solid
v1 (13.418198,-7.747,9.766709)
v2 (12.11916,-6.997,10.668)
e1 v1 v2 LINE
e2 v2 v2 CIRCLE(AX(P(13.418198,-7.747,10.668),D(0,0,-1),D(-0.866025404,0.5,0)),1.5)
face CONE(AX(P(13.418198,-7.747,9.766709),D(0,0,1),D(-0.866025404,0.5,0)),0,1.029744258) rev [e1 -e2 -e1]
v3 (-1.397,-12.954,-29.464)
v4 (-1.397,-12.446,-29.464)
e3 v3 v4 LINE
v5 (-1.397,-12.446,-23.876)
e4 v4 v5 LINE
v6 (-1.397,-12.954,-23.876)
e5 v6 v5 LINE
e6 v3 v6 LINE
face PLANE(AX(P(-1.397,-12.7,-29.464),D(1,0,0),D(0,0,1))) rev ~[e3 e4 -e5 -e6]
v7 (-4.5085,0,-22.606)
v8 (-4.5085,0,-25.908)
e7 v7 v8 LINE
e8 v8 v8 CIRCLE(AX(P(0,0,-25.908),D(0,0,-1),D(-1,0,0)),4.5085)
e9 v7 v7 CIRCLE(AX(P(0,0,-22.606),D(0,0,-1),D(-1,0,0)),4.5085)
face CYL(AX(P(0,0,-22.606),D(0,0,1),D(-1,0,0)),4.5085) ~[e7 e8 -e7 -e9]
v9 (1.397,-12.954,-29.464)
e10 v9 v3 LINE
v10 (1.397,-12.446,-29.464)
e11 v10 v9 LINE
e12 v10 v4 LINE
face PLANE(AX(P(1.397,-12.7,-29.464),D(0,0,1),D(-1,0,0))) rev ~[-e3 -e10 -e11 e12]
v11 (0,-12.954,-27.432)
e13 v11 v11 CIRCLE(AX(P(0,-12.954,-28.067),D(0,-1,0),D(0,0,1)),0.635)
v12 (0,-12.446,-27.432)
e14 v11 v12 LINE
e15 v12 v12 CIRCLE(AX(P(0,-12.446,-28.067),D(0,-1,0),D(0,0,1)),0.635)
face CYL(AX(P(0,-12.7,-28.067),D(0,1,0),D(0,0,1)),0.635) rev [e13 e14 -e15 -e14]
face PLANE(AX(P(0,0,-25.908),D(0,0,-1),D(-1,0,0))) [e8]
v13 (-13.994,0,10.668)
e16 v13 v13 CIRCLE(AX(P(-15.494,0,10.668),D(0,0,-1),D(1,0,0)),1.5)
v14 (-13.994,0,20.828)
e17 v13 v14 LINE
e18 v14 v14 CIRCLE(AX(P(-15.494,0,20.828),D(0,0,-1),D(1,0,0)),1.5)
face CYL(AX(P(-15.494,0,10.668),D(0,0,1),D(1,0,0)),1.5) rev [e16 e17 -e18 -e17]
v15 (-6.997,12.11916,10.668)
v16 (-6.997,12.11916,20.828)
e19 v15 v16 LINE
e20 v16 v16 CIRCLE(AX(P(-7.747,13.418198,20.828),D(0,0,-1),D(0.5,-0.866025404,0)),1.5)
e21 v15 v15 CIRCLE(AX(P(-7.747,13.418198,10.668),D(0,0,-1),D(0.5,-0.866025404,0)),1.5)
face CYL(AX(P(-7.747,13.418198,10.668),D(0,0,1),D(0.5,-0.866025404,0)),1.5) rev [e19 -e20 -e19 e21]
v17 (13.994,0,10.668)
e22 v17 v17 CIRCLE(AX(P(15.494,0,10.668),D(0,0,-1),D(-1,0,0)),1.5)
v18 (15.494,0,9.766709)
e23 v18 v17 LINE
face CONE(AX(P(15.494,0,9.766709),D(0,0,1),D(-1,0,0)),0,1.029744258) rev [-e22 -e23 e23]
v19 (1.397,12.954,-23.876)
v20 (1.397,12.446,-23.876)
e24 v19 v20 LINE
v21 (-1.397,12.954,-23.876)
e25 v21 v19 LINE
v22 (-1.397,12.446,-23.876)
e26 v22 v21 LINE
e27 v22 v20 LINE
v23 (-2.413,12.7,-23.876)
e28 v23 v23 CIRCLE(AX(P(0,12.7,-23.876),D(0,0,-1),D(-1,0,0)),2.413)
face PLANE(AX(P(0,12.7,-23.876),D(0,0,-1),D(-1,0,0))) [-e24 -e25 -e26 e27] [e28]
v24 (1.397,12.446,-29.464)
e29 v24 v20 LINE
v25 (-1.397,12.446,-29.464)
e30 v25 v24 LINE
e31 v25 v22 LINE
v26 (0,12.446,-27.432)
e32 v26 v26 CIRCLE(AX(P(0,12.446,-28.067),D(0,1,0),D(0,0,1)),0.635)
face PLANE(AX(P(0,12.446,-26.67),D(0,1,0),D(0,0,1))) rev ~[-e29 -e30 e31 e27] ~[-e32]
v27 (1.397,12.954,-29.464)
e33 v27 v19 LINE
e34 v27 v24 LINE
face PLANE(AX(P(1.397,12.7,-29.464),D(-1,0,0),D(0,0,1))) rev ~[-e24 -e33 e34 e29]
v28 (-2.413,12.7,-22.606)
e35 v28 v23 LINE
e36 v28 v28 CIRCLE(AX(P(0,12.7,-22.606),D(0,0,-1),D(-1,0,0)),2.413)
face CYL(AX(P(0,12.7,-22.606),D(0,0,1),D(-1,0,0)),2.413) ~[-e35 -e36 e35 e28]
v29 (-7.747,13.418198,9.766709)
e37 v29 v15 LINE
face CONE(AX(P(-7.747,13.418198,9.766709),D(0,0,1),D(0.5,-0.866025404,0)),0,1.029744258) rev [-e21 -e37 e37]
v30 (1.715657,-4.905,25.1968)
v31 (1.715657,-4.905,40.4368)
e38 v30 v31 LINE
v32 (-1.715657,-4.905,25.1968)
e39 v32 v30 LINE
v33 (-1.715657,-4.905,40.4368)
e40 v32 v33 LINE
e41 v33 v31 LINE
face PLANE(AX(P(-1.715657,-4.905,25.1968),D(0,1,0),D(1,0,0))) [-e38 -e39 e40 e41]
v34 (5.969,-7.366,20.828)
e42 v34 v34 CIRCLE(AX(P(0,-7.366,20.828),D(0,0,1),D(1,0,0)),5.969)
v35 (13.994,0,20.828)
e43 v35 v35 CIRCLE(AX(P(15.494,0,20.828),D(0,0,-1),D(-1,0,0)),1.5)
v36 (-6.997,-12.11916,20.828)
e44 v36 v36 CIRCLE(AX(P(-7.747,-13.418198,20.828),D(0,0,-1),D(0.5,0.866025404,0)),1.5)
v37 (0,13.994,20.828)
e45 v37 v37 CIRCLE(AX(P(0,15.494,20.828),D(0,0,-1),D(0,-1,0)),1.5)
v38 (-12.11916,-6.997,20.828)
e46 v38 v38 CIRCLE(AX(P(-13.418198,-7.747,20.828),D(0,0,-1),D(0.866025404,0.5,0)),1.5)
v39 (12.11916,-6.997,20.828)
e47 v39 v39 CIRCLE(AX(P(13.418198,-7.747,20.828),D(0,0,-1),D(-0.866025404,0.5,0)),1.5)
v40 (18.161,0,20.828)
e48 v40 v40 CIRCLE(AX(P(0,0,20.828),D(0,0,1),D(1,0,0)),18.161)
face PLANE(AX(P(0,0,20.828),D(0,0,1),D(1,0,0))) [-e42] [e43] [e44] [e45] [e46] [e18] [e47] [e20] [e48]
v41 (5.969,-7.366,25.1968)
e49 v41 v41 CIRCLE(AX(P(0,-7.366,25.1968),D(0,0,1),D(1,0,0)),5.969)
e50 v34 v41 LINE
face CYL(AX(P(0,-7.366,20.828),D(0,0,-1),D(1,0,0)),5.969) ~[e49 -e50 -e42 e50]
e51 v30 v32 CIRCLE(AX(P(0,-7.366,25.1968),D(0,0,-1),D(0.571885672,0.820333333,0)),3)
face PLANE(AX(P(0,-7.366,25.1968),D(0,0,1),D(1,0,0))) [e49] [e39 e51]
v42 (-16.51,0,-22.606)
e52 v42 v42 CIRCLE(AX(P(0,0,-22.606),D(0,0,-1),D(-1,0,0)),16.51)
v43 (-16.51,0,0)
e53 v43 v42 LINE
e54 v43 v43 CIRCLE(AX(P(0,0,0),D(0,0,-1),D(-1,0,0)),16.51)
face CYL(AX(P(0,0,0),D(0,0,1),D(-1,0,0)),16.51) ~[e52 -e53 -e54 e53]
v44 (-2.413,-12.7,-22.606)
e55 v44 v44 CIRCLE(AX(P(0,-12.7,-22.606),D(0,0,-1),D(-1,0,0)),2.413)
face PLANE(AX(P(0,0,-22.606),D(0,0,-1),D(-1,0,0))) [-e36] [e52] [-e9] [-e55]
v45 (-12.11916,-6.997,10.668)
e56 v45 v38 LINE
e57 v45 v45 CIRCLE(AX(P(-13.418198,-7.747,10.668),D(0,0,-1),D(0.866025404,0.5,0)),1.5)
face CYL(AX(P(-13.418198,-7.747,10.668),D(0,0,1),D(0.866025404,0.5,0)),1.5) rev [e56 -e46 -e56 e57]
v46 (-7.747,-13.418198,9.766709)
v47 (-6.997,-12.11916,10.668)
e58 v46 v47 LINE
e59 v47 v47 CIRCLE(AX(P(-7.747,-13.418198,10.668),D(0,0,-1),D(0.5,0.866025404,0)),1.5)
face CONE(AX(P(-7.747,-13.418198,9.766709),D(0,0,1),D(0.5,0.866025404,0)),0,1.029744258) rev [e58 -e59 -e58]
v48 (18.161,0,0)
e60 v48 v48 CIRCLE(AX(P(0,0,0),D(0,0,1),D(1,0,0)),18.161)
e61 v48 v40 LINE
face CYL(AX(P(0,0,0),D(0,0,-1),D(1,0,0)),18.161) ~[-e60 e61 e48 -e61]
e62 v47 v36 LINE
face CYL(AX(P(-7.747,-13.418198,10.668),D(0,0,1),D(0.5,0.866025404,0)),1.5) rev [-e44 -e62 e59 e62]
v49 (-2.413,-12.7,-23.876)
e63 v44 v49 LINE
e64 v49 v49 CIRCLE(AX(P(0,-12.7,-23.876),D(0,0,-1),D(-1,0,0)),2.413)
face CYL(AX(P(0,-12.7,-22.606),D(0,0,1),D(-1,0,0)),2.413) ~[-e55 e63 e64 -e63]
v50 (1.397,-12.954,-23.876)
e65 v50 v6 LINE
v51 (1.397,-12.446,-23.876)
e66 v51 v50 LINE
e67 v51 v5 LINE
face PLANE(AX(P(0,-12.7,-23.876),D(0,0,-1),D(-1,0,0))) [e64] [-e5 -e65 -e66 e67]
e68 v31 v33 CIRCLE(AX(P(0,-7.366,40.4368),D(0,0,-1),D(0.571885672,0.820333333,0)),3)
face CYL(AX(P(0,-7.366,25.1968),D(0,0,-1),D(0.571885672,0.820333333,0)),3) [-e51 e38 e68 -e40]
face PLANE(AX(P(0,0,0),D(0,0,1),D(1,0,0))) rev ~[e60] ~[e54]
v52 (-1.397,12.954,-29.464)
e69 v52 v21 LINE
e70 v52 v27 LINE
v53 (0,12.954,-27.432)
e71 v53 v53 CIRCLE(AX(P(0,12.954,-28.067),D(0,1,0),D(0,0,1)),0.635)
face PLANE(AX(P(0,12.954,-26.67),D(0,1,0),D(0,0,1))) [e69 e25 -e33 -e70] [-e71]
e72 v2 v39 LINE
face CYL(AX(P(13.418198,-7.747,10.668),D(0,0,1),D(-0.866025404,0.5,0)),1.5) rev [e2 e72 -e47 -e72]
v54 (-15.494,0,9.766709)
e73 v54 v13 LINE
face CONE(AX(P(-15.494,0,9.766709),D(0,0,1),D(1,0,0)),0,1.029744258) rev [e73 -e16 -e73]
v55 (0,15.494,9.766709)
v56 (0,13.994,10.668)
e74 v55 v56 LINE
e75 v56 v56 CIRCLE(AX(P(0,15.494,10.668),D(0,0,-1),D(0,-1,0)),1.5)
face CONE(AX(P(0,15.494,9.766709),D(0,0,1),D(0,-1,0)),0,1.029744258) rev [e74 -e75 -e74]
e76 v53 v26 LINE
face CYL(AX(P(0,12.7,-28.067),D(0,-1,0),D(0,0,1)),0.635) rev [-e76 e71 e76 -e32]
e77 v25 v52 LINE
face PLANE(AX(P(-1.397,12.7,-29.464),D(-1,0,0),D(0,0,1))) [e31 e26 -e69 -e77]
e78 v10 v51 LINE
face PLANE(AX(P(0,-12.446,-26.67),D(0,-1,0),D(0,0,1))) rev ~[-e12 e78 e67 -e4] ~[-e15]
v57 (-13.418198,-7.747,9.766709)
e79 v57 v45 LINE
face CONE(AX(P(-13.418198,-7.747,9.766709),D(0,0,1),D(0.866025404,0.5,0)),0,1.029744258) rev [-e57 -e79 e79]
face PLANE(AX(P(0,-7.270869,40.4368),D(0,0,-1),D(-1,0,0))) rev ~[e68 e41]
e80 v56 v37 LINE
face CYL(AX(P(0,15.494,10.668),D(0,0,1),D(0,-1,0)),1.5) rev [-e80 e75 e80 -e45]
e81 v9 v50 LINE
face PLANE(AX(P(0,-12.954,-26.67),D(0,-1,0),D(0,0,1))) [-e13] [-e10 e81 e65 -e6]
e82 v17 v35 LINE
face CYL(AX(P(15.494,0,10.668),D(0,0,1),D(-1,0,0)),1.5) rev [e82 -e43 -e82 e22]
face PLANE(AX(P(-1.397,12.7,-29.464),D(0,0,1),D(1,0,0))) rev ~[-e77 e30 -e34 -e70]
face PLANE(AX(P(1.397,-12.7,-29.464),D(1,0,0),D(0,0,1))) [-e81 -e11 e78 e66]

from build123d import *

# Parameters (mm, degrees)
SKETCH1_R           = 18.161
BOSS_EXTRUDE1_DEPTH = 20.828
SKETCH2_R           = 16.51
BOSS_EXTRUDE2_DEPTH = 22.606
SKETCH3_R           = 4.5085
BOSS_EXTRUDE3_DEPTH = 3.302
SKETCH4_R           = 2.413
BOSS_EXTRUDE4_DEPTH = 1.27
SKETCH5_R           = 5.969
BOSS_EXTRUDE5_DEPTH = 4.3688
BOSS_EXTRUDE6_DEPTH = 15.24
SKETCH8_W           = 5.588
SKETCH8_H           = 2.794
SKETCH8_R           = 0.635
BOSS_EXTRUDE7_DEPTH = 0.254
CIRPATTERN1_COUNT   = 2
CIRPATTERN2_COUNT   = 12


with BuildPart() as part:
    # Sketch1 → Boss-Extrude1 (new body)
    with BuildSketch(Plane.XY):
        Circle(SKETCH1_R)
    extrude(amount=BOSS_EXTRUDE1_DEPTH)

    # Sketch2 → Boss-Extrude2 (add)
    with BuildSketch(Plane(origin=(0, 0, 0), x_dir=(-1, 0, 0), z_dir=(0, 0, -1))):
        Circle(SKETCH2_R)
    extrude(amount=BOSS_EXTRUDE2_DEPTH)

    # Sketch3 → Boss-Extrude3 (add)
    with BuildSketch(Plane(origin=(0, 0, -22.606), x_dir=(-1, 0, 0), z_dir=(0, 0, -1))):
        Circle(SKETCH3_R)
    extrude(amount=BOSS_EXTRUDE3_DEPTH)

    # Sketch4 → Boss-Extrude4 (add)
    with BuildSketch(Plane(origin=(0, 0, -22.606), x_dir=(-1, 0, 0), z_dir=(0, 0, -1))):
        with Locations((0, -12.7)):
            Circle(SKETCH4_R)
        with Locations((0, 12.7)):
            Circle(SKETCH4_R)
    extrude(amount=BOSS_EXTRUDE4_DEPTH)

    # Sketch5 → Boss-Extrude5 (add)
    with BuildSketch(Plane.XY.offset(20.828)):
        with Locations((0, -7.366)):
            Circle(SKETCH5_R)
    extrude(amount=BOSS_EXTRUDE5_DEPTH)

    # Sketch6 → Boss-Extrude6 (add)
    with BuildSketch(Plane.XY.offset(25.1968)):
        with BuildLine():
            Line((-1.715657017, -4.905), (1.715657017, -4.905))
            ThreePointArc((1.715657017, -4.905), (0, -10.366), (-1.715657017, -4.905))
        make_face()
    extrude(amount=BOSS_EXTRUDE6_DEPTH)

    # Sketch8 → Boss-Extrude7 (add, symmetric)
    with BuildSketch(Plane.ZX.offset(12.7)):
        with Locations((-26.67, 0)):
            Rectangle(SKETCH8_W, SKETCH8_H)
        with Locations((-28.067, 0)):
            Circle(SKETCH8_R, mode=Mode.SUBTRACT)
    boss_extrude7 = extrude(amount=BOSS_EXTRUDE7_DEPTH, both=True)

    # CirPattern1: Boss-Extrude7 ×2 about axis
    cirpattern1_axis = Axis((0, 0, -25.908), (0, 0, 1))
    for i in range(1, CIRPATTERN1_COUNT):
        add(boss_extrude7.rotate(cirpattern1_axis, i * 360 / CIRPATTERN1_COUNT))

    # Sketch12 → Ø3.0mm Dowel Hole1 (revolve, cut)
    with BuildSketch(Plane(origin=(0, 15.494, 20.828), x_dir=(0, -1, 0), z_dir=(1, 0, 0))):
        Polygon((0, 0), (0, 11.061290929), (1.5, 10.16), (1.5, 0), align=None)
    f_3_0mm_dowel_hole1 = revolve(axis=Axis((0, 15.494, 27.178), (0, 0, -1)), mode=Mode.SUBTRACT)

    # CirPattern2: Ø3.0mm Dowel Hole1 ×12 about axis, 5 skipped
    cirpattern2_axis = Axis((0, 0, 20.828), (0, 0, -1))
    add([f_3_0mm_dowel_hole1.rotate(cirpattern2_axis, i * 360 / CIRPATTERN2_COUNT) for i in range(1, CIRPATTERN2_COUNT) if i not in (1, 2, 5, 6, 10)], mode=Mode.SUBTRACT)


solid = part.part
